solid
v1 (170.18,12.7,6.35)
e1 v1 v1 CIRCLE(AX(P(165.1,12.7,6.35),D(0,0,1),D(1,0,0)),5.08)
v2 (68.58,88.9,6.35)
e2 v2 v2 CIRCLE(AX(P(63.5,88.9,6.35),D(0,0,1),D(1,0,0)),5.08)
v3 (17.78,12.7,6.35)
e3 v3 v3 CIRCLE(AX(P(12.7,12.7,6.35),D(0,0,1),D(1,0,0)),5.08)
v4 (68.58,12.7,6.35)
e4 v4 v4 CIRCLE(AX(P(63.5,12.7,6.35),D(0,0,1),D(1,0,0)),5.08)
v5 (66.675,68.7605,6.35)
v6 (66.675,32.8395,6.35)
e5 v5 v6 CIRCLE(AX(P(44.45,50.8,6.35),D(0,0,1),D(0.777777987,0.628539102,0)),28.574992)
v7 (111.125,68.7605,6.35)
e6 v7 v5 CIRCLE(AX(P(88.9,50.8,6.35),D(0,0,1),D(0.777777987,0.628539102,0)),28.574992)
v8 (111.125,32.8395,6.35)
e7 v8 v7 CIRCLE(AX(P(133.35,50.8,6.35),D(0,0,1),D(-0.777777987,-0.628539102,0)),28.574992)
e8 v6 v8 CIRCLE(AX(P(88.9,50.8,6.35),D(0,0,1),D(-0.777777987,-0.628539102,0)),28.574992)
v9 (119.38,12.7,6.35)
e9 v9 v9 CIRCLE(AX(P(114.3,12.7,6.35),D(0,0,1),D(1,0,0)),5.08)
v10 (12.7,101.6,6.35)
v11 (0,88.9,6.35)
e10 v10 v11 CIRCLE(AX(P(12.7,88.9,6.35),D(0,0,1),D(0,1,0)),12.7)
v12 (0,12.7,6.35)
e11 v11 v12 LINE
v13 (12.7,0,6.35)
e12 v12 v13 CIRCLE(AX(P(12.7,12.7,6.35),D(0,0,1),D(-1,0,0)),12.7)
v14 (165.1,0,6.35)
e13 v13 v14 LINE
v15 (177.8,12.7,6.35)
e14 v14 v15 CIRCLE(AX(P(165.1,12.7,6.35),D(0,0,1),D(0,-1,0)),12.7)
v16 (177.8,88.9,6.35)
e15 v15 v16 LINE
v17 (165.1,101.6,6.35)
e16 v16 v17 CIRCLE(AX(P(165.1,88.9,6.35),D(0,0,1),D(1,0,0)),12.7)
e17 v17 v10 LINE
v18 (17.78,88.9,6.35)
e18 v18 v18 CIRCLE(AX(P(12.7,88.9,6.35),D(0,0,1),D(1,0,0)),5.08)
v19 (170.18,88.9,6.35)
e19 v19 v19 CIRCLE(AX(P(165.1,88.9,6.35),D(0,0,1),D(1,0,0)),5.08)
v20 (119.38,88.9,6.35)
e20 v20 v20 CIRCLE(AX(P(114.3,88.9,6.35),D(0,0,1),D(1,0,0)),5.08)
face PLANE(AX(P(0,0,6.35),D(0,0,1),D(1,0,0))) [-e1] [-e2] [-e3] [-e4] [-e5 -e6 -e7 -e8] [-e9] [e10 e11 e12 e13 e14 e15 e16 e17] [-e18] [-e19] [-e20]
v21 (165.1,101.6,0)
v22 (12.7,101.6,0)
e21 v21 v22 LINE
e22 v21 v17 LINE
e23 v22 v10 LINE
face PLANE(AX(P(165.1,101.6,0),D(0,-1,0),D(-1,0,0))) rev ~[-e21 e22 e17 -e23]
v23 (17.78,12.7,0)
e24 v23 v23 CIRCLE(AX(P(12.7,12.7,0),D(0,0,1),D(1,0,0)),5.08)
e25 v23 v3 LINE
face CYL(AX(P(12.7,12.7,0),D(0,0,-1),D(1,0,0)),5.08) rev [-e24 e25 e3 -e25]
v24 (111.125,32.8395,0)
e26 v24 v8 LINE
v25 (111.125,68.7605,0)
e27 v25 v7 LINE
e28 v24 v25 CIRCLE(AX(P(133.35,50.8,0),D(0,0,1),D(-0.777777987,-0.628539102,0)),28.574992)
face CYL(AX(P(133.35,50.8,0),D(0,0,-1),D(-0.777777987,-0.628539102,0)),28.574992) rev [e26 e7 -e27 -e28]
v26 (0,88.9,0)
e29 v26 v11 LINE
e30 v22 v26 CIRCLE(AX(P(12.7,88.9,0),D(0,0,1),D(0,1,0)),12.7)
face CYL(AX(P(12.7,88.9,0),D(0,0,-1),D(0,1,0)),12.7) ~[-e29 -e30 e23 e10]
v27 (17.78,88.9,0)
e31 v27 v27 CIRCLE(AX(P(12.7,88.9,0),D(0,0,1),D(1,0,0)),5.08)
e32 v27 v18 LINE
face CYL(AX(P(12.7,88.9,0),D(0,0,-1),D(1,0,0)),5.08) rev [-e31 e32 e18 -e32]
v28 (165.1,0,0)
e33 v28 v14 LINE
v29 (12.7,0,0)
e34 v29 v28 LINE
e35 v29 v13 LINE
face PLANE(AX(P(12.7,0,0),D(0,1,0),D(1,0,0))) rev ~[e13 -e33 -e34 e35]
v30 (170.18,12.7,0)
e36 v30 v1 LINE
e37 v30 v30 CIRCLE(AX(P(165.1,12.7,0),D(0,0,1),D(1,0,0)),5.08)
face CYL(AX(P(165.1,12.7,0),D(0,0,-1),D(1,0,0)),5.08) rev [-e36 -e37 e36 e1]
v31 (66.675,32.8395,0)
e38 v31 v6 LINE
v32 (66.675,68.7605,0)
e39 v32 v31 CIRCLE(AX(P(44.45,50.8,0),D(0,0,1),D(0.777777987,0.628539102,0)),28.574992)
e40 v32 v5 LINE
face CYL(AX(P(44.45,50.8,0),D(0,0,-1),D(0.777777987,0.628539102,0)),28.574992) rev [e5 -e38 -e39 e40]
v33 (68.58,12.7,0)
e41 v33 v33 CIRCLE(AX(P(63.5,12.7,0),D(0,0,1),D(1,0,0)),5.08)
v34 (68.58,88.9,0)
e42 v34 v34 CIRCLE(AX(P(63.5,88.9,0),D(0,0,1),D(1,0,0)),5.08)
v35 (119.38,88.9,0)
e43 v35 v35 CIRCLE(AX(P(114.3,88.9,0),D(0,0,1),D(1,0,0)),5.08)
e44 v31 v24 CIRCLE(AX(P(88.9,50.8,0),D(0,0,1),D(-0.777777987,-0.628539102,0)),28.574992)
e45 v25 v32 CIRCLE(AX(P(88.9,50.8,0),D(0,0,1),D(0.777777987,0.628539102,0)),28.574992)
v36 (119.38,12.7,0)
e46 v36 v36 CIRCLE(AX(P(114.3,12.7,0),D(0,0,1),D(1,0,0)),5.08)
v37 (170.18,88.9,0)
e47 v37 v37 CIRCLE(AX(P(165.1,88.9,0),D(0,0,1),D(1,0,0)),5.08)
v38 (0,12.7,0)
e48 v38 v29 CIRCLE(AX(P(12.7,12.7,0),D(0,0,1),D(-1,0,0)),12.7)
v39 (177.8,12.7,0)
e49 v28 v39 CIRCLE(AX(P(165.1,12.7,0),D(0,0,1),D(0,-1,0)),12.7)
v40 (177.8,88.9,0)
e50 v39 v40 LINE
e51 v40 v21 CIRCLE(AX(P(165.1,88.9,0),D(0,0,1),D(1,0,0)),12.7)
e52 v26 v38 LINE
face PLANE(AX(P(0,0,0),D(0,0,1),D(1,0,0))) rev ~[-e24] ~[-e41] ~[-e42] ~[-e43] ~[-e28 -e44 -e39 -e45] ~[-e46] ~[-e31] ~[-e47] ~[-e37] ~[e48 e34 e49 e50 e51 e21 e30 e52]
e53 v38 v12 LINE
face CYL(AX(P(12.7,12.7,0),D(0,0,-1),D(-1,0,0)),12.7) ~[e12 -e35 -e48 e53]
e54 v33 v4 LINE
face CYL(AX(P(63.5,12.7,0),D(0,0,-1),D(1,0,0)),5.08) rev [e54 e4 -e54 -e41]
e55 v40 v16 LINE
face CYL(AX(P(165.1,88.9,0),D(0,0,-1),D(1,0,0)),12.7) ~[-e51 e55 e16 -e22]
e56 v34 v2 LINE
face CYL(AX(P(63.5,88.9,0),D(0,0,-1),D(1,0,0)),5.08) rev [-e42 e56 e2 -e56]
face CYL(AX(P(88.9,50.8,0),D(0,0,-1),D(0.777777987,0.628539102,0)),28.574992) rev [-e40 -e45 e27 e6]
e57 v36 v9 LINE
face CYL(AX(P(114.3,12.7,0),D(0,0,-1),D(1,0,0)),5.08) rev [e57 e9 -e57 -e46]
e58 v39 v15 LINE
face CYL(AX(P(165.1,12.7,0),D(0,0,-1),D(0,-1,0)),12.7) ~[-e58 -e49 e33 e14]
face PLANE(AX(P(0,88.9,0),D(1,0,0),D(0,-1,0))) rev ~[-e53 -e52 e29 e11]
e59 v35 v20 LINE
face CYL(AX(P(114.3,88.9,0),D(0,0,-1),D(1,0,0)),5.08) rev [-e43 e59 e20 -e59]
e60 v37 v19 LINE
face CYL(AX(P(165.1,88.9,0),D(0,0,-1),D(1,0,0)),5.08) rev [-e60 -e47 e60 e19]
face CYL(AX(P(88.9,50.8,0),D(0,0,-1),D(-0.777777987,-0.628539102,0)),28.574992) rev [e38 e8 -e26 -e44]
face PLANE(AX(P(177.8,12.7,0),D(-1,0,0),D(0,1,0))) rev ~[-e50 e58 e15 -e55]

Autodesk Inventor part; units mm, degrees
ref_plane "YZ Plane" through (0, 0, 0) normal (1, 0, 0) x (0, 1, 0)
ref_plane "XZ Plane" through (0, 0, 0) normal (0, 1, 0) x (-1, 0, 0)
ref_plane "XY Plane" through (0, 0, 0) normal (0, 0, 1) x (1, 0, 0)
sketch "Sketch1" plane through (0, 0, 0) normal (0, 0, 1) x (1, 0, 0)
  line L0 (12.7, 0) -> (165.1, 0)
  line L1 (177.8, 12.7) -> (177.8, 88.9)
  line L2 (165.1, 101.6) -> (12.7, 101.6)
  line L3 (0, 88.9) -> (0, 12.7)
  arc A0 (12.7, 101.6) -> (0, 88.9) centre (12.7, 88.9) ccw
  arc A1 (0, 12.7) -> (12.7, 0) centre (12.7, 12.7) ccw
  arc A2 (165.1, 0) -> (177.8, 12.7) centre (165.1, 12.7) ccw
  arc A3 (177.8, 88.9) -> (165.1, 101.6) centre (165.1, 88.9) ccw
  circle A4 centre (12.7, 88.9) radius 5.08
  circle A5 centre (165.1, 88.9) radius 5.08
  circle A6 centre (165.1, 12.7) radius 5.08
  circle A7 centre (12.7, 12.7) radius 5.08
  circle A8 centre (63.5, 88.9) radius 5.08
  circle A9 centre (114.3, 88.9) radius 5.08
  circle A10 centre (63.5, 12.7) radius 5.08
  circle A11 centre (114.3, 12.7) radius 5.08
  arc A12 (111.125, 32.8395) -> (111.125, 68.7605) centre (133.35, 50.8) ccw
  arc A13 (66.675, 68.7605) -> (66.675, 32.8395) centre (44.45, 50.8) ccw
  arc A14 (66.675, 32.8395) -> (111.125, 32.8395) centre (88.9, 50.8) ccw
  arc A15 (111.125, 68.7605) -> (66.675, 68.7605) centre (88.9, 50.8) ccw
  point P0 (0, 0)
  point P1 (177.8, 0)
  point P2 (0, 101.6)
  dimension "d0" = 101.6
  dimension "d1" = 177.8
  dimension "d2" = 12.7
  dimension "d3" = 10.16
  dimension "d4" = 10.16
  dimension "d15" = 50.8
  dimension "d17" = 50.8
  dimension "d18" = 88.9
  dimension "d19" = 57.15
  dimension "d20" = 44.45
  dimension "d21" = 57.15
  dimension "d22" = 44.45
extrude "Extrusion1" add sketch "Sketch1" along normal blind 6.35
properties part number "HW 8 Part 5"
